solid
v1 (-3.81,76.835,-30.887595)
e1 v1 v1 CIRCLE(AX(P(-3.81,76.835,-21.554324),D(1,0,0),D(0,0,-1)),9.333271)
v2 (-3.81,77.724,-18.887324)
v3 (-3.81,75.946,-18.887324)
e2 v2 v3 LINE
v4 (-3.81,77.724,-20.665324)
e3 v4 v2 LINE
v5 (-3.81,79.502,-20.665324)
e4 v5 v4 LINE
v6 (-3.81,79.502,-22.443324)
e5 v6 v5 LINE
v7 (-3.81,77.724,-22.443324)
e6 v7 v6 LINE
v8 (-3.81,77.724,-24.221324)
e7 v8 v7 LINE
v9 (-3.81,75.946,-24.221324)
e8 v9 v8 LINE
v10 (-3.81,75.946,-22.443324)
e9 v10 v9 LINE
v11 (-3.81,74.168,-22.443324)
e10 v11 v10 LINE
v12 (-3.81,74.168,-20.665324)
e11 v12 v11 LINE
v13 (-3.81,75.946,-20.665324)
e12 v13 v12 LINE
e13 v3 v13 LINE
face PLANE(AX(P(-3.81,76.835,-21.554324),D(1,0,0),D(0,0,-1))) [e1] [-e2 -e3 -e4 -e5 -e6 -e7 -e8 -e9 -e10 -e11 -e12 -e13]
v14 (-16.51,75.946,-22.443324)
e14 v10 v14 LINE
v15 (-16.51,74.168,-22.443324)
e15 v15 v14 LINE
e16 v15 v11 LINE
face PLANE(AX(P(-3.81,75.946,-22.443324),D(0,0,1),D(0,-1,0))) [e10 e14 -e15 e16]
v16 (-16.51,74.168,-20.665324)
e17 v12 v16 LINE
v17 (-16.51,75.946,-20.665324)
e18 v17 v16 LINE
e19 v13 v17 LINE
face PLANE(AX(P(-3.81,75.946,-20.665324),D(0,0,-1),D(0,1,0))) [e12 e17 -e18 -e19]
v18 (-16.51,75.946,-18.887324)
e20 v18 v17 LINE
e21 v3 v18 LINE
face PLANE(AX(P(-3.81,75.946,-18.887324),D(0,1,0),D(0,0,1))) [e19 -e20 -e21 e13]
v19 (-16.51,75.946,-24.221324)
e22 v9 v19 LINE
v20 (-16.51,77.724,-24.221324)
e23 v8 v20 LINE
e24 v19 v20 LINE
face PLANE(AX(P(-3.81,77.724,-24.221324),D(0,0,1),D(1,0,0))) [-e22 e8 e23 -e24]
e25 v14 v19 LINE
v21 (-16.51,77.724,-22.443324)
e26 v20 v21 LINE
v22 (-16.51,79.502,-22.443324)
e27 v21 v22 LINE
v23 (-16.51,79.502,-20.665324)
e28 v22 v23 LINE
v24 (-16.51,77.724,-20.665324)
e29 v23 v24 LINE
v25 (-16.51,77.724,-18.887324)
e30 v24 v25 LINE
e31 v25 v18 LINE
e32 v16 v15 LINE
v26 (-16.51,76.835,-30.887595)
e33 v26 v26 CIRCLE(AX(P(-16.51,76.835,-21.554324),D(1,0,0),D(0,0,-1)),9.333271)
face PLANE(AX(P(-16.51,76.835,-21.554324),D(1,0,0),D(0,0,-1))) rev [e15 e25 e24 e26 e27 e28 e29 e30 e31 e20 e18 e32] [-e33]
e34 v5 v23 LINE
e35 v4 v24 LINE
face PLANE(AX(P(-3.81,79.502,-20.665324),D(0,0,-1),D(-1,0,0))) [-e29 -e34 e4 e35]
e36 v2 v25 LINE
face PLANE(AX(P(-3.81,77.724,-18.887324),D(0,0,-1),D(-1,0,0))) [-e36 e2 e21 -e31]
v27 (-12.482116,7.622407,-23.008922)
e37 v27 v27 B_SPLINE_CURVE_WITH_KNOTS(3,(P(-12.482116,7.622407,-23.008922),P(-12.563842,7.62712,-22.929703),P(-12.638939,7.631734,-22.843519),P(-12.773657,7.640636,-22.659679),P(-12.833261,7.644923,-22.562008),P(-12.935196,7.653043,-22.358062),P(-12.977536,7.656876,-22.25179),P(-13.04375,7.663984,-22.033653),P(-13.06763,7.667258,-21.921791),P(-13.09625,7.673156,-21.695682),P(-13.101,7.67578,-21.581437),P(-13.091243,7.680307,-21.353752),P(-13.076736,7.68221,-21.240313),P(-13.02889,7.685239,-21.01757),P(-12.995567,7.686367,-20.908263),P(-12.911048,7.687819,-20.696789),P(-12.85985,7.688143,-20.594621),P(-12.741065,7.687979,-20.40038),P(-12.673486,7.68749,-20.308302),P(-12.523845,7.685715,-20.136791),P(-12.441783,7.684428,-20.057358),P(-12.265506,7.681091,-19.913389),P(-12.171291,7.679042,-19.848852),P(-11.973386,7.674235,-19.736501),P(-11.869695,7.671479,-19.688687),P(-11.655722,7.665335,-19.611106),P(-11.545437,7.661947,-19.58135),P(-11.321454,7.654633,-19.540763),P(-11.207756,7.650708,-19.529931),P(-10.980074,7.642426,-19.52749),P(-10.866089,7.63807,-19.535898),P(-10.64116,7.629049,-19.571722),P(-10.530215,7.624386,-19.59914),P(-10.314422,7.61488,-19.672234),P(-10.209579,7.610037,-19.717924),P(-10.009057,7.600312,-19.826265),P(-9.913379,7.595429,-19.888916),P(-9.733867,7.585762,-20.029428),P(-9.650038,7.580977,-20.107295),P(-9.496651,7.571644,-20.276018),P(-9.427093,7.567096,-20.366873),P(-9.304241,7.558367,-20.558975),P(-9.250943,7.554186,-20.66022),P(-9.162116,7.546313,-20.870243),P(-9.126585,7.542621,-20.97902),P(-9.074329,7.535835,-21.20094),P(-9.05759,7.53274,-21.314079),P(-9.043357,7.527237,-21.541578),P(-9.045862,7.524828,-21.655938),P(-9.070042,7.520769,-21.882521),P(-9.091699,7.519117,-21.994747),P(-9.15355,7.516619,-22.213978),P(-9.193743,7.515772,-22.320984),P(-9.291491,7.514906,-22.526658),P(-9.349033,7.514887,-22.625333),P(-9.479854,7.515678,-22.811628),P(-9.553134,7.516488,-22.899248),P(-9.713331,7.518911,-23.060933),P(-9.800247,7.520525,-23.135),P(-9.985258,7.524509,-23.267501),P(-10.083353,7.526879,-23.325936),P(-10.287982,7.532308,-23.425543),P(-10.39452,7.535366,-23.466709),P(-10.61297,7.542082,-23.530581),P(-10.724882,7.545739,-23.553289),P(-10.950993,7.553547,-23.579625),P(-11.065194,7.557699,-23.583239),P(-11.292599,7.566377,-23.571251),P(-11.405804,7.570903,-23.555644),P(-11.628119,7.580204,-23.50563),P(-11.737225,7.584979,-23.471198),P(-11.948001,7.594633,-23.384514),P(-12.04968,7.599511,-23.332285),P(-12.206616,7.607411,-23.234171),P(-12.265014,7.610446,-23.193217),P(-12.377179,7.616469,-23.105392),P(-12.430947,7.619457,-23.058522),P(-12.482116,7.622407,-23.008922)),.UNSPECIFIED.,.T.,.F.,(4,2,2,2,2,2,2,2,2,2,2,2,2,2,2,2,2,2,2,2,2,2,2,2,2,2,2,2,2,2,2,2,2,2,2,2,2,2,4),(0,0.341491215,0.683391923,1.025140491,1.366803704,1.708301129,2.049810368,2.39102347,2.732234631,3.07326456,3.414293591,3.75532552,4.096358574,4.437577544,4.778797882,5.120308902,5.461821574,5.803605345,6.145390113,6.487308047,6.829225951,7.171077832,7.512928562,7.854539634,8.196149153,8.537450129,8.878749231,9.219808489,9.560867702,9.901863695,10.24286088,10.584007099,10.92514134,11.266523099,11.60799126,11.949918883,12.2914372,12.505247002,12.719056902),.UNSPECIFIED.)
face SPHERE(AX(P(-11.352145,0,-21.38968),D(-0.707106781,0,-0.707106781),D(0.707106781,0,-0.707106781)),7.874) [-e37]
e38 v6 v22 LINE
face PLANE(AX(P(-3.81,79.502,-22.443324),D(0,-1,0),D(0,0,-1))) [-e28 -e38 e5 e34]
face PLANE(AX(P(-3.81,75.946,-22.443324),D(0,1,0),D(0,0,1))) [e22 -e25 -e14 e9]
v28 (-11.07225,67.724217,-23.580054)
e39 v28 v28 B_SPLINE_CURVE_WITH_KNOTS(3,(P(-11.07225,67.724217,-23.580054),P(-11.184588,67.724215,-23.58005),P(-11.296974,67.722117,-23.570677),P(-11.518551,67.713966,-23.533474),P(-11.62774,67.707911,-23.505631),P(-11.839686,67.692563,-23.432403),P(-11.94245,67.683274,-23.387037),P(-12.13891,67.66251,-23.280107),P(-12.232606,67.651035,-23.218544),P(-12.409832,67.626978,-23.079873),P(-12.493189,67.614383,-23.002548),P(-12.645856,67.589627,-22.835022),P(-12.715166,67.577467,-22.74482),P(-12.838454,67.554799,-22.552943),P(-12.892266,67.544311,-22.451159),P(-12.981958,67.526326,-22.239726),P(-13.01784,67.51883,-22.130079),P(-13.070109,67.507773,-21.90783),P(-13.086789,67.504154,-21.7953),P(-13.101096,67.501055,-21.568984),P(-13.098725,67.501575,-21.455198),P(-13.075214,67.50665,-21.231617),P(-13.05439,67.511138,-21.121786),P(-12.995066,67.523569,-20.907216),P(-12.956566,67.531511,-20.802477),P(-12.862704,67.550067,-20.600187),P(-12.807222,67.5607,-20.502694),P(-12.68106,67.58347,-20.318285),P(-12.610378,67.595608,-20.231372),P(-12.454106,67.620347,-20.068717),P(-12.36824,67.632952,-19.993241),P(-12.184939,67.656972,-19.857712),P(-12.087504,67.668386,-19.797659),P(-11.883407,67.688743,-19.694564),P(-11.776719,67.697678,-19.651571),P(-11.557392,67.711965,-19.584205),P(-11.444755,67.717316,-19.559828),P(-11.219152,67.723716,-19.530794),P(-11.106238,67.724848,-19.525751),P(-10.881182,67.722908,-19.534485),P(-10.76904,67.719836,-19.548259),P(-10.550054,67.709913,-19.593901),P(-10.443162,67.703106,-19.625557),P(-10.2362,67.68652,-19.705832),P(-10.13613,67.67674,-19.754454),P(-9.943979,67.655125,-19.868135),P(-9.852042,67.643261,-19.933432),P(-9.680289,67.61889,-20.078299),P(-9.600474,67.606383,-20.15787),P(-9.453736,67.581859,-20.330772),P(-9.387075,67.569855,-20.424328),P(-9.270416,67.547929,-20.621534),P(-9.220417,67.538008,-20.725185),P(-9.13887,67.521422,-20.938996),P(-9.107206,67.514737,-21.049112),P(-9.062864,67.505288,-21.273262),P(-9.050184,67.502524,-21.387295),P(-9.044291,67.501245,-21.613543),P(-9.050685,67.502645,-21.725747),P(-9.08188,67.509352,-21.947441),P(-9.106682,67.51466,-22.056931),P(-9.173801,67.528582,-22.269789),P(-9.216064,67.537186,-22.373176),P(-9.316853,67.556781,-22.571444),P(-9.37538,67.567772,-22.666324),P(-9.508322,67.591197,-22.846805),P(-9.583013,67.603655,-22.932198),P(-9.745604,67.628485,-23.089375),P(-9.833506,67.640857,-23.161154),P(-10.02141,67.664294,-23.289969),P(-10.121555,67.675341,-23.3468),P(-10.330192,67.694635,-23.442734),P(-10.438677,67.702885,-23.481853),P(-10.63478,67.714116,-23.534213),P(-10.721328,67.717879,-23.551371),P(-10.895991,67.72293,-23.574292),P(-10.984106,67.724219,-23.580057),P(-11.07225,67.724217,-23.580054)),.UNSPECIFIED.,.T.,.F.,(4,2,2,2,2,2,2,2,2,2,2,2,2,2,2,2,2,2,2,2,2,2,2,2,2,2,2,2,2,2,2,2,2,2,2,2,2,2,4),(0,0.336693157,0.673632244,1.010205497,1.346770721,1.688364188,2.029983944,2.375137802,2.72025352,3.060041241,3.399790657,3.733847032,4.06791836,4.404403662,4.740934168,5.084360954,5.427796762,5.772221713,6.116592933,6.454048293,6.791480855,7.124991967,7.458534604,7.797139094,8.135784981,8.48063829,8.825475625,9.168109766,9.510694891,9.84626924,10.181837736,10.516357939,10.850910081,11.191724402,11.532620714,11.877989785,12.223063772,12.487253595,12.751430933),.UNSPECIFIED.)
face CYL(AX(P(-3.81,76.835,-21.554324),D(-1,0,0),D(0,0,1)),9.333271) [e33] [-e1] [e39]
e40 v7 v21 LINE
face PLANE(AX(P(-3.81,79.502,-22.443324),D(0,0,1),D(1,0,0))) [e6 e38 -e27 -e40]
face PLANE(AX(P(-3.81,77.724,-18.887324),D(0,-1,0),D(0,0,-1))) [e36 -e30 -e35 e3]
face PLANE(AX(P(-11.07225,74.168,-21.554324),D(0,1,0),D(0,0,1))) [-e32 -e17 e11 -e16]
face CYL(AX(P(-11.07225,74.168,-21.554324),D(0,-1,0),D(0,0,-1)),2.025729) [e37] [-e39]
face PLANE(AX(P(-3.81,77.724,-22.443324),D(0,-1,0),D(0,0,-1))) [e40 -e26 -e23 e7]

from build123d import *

# Parameters (mm, degrees)
SKETCH3_R           = 2.025729463
BOSS_EXTRUDE1_DEPTH = 74.168
BOSS_EXTRUDE5_START = -16.51
SKETCH4_R           = 9.333271044
BOSS_EXTRUDE5_DEPTH = 12.7


with BuildPart() as part:
    # Sketch1 → Revolve1 (revolve)
    with BuildSketch(Plane(origin=(0, 0, 0), x_dir=(1, 0, 0), z_dir=(0, 1, 0))):
        with BuildLine():
            Line((-16.919904062, 26.957438718), (-5.784386472, 15.821921128))
            ThreePointArc((-5.784386472, 15.821921128), (-5.784386472, 26.957438718), (-16.919904062, 26.957438718))
        make_face()
    revolve(axis=Axis((-16.919904062, 0, -26.957438718), (0.7071067811865476, 0, 0.7071067811865476)))

    # Sketch3 → Boss-Extrude1 (add)
    with BuildSketch(Plane(origin=(0, 0, 0), x_dir=(1, 0, 0), z_dir=(0, 1, 0))):
        with Locations(Location((-11.072249639, 21.554324411, 0), (0, 0, 134.105346527))):
            Circle(SKETCH3_R)
    extrude(amount=BOSS_EXTRUDE1_DEPTH)

    # Sketch4 → Boss-Extrude5 (add)
    with BuildSketch(Plane(origin=(0, 0, 0), x_dir=(0, 0, -1), z_dir=(1, 0, 0)).offset(BOSS_EXTRUDE5_START)):
        with Locations((21.554324411, 76.835)):
            Circle(SKETCH4_R)
        Polygon((22.443324411, 75.946), (22.443324411, 74.168), (20.665324411, 74.168), (20.665324411, 75.946), (18.887324411, 75.946), (18.887324411, 77.724), (20.665324411, 77.724), (20.665324411, 79.502), (22.443324411, 79.502), (22.443324411, 77.724), (24.221324411, 77.724), (24.221324411, 75.946), align=None, mode=Mode.SUBTRACT)
    extrude(amount=BOSS_EXTRUDE5_DEPTH)


solid = part.part
